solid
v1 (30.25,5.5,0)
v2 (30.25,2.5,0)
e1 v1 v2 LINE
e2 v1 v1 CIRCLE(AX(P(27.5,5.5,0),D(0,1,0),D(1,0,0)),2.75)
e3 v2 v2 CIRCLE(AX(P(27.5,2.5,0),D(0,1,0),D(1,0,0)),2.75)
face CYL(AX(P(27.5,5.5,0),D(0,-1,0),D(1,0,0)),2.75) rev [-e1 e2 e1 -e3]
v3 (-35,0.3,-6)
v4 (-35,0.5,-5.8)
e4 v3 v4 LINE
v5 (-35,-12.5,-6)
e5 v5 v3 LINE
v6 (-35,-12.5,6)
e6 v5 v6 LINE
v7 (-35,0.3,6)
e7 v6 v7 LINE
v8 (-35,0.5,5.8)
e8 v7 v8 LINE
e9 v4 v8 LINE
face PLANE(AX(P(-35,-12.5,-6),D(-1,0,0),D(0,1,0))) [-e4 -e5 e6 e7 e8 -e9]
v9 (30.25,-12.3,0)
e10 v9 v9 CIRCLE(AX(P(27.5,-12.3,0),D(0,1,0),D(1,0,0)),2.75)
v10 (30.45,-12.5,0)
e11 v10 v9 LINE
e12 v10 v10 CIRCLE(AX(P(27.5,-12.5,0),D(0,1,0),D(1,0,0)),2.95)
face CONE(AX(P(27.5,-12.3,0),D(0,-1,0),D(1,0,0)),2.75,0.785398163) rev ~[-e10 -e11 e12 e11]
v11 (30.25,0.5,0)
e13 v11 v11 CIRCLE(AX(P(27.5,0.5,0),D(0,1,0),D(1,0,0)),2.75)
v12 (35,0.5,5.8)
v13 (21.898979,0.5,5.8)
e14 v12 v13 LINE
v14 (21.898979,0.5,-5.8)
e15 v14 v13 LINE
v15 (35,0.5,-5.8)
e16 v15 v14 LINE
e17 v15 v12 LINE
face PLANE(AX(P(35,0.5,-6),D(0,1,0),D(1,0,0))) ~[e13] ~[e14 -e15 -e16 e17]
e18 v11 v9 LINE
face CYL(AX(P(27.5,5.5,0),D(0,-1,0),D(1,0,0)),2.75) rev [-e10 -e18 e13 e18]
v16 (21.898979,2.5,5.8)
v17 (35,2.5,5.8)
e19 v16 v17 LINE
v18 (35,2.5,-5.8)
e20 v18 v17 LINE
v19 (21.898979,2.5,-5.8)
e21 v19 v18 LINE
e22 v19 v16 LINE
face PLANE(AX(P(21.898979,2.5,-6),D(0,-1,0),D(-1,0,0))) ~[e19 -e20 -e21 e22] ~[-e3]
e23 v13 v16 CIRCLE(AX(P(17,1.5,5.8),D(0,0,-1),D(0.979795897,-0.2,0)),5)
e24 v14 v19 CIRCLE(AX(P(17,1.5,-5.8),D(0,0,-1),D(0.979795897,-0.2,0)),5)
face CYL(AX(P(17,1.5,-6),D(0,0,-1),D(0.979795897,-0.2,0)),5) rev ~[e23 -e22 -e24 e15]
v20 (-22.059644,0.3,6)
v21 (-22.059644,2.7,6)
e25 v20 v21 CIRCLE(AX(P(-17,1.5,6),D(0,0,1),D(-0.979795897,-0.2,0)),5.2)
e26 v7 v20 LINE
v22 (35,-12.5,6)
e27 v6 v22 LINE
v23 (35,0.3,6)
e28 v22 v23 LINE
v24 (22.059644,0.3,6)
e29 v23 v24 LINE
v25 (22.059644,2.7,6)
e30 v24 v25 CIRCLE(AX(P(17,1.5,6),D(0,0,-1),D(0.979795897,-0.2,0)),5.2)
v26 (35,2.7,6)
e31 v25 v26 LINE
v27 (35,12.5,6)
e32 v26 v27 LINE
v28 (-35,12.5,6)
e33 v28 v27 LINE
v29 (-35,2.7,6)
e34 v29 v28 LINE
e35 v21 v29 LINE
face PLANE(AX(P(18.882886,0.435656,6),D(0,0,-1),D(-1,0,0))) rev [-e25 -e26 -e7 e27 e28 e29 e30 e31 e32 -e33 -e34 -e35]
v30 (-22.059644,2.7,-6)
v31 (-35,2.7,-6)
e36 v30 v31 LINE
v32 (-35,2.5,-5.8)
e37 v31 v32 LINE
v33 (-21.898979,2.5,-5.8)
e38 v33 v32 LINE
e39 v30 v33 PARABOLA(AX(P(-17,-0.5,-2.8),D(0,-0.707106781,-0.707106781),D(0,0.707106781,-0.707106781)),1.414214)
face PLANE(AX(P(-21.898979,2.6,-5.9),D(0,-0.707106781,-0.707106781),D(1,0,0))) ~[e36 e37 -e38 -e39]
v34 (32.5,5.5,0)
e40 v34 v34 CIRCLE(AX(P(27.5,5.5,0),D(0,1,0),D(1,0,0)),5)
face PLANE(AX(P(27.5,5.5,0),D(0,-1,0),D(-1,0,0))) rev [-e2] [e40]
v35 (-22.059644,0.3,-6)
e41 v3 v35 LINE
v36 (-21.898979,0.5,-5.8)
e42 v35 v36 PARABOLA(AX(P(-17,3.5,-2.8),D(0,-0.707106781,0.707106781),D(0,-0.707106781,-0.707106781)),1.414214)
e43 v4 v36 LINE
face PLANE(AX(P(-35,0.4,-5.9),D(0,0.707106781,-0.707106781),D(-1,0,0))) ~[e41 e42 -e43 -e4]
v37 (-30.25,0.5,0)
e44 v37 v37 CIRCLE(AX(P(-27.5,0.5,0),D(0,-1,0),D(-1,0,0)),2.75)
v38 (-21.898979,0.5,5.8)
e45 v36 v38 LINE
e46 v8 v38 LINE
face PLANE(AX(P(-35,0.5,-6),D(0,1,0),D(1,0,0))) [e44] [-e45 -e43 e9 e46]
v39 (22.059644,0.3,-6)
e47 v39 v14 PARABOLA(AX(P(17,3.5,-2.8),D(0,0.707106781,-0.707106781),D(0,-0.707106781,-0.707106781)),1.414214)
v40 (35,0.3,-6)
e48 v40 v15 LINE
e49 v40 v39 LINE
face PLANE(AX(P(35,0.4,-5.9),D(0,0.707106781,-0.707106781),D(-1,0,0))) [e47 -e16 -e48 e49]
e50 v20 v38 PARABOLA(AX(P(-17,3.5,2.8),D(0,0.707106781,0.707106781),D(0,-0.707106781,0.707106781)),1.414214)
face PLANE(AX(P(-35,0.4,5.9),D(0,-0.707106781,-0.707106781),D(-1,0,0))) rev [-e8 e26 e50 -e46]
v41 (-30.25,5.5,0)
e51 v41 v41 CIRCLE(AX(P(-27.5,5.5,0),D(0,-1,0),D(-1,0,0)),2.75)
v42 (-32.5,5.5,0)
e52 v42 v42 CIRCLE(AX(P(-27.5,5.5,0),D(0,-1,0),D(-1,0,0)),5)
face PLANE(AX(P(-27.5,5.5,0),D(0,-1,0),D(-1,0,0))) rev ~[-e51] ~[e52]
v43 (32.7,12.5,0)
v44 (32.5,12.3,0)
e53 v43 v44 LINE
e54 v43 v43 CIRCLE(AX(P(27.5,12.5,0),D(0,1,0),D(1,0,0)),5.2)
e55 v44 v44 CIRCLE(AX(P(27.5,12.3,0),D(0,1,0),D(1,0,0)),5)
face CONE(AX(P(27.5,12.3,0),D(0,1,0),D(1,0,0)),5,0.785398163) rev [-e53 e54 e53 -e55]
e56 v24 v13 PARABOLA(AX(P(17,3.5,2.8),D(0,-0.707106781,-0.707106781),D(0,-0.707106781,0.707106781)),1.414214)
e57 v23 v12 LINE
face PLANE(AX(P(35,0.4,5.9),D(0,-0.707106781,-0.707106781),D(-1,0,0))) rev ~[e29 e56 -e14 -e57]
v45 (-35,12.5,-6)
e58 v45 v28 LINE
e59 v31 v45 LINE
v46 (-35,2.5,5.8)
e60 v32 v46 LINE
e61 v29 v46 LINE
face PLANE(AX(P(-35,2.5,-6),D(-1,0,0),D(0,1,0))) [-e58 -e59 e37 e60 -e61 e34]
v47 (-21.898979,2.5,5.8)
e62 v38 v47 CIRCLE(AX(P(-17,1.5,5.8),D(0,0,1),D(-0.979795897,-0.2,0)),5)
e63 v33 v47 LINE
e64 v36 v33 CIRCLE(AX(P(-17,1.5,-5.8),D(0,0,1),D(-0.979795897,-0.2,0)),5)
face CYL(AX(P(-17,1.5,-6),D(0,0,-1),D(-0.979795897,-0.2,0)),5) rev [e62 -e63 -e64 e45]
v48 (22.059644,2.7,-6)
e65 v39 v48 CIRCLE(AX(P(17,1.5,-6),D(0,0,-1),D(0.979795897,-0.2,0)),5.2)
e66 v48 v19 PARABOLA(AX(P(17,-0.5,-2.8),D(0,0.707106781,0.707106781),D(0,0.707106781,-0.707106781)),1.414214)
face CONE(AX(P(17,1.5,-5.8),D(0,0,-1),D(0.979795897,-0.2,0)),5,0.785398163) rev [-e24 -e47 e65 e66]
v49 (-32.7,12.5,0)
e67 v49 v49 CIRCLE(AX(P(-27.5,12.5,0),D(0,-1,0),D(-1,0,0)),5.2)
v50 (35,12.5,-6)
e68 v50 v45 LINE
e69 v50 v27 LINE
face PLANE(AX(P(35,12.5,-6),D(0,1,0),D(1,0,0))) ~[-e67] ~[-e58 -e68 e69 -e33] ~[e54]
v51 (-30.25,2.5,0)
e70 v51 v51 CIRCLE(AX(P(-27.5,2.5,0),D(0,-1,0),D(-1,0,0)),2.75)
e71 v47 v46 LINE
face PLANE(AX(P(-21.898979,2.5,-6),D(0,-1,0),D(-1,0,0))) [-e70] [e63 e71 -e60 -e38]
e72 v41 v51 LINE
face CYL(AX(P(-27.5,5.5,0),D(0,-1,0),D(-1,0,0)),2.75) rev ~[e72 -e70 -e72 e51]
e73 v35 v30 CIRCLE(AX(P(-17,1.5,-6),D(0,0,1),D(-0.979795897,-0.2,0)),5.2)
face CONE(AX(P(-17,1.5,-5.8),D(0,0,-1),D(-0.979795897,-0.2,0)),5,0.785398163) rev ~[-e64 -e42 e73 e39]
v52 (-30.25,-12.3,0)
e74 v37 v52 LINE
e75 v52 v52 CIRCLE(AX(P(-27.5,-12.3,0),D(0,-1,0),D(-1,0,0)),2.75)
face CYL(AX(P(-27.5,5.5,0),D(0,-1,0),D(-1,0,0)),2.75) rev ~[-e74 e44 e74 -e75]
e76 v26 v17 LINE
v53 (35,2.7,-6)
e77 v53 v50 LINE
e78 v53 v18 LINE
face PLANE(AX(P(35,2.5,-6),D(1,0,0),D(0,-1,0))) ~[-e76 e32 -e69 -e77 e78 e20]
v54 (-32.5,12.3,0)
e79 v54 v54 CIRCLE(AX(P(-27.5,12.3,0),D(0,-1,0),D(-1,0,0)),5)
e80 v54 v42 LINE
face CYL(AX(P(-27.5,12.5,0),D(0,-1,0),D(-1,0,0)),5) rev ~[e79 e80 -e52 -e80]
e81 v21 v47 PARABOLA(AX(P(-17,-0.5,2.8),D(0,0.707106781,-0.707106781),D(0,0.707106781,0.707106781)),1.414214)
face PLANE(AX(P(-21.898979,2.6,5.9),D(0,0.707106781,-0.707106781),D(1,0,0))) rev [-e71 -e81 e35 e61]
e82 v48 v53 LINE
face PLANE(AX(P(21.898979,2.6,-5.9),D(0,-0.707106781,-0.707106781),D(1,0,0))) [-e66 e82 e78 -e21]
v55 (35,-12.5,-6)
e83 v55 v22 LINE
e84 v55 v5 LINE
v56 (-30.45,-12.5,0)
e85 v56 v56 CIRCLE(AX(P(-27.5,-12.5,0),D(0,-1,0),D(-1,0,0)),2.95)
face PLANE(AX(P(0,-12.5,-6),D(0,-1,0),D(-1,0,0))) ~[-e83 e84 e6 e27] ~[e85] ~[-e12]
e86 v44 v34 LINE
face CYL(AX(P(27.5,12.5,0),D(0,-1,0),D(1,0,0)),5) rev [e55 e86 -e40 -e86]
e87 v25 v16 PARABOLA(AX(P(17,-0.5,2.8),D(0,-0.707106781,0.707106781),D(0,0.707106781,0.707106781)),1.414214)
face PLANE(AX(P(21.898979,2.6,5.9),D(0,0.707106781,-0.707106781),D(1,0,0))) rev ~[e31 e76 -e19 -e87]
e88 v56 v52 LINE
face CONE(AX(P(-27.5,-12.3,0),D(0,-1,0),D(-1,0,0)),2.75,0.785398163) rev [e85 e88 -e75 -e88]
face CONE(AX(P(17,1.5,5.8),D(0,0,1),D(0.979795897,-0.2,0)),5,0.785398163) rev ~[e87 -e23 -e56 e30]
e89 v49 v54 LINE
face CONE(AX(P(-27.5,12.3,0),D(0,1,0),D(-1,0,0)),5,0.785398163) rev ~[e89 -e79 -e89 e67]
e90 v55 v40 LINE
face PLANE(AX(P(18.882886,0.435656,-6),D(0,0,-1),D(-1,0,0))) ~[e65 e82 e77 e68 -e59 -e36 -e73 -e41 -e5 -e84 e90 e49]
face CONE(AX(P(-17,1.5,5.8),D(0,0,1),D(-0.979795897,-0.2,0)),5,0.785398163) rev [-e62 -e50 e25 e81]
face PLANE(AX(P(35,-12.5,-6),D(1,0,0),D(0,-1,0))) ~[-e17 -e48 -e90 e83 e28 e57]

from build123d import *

# Parameters (mm, degrees)
BOSS_EXTRUDE1_DEPTH      = 6
BOSS_EXTRUDE1_DEPTH_BACK = 6
CHAMFER1_SIZE            = 0.2


with BuildPart() as part:
    # Sketch3 → Boss-Extrude1 (new, two sides: drawn at the far end of the back side and taken through both)
    with BuildSketch(Plane.XY.offset(-BOSS_EXTRUDE1_DEPTH_BACK)):
        with BuildLine():
            Line((-35, 12.5), (0, 12.5))
            Line((0, 12.5), (0, -12.5))
            Line((0, -12.5), (-35, -12.5))
            Line((-35, -12.5), (-35, 0.5))
            Line((-35, 0.5), (-21.898979486, 0.5))
            ThreePointArc((-21.898979486, 0.5), (-12, 1.5), (-21.898979486, 2.5))
            Line((-21.898979486, 2.5), (-35, 2.5))
            Line((-35, 2.5), (-35, 12.5))
        make_face()
    extrude(amount=BOSS_EXTRUDE1_DEPTH + BOSS_EXTRUDE1_DEPTH_BACK)

    # Sketch5 → Cut-Revolve1 (revolve, cut)
    with BuildSketch(Plane.XY):
        Polygon((-32.5, 12.5), (-32.5, 5.5), (-30.25, 5.5), (-30.25, -12.5), (-27.5, -12.5), (-27.5, 1.5), (-27.5, 5.5), (-27.5, 12.5), align=None)
    revolve(axis=Axis((-27.5, 12.5, 0), (0, -1, 0)), mode=Mode.SUBTRACT)

    # Chamfer1
    chamfer1_edges = [part.edges().sort_by_distance(p)[0] for p in [
        (-12, 1.5, 6),
        (-28.449489743, 0.5, 6),
        (-28.449489743, 0.5, -6),
        (-12, 1.5, -6),
        (-28.449489743, 2.5, -6),
        (-24.75, -12.5, 0),
        (-22.5, 12.5, 0),
        (-28.449489743, 2.5, 6),
    ]]
    chamfer(chamfer1_edges, length=CHAMFER1_SIZE)

    # Mirror1: part across plane


with BuildPart() as part_1:
    add(part.part)
    add(part.part.mirror(Plane(origin=(0, 0, 0), x_dir=(0, 0, 1), z_dir=(1, 0, 0))))


solid = part_1.part
